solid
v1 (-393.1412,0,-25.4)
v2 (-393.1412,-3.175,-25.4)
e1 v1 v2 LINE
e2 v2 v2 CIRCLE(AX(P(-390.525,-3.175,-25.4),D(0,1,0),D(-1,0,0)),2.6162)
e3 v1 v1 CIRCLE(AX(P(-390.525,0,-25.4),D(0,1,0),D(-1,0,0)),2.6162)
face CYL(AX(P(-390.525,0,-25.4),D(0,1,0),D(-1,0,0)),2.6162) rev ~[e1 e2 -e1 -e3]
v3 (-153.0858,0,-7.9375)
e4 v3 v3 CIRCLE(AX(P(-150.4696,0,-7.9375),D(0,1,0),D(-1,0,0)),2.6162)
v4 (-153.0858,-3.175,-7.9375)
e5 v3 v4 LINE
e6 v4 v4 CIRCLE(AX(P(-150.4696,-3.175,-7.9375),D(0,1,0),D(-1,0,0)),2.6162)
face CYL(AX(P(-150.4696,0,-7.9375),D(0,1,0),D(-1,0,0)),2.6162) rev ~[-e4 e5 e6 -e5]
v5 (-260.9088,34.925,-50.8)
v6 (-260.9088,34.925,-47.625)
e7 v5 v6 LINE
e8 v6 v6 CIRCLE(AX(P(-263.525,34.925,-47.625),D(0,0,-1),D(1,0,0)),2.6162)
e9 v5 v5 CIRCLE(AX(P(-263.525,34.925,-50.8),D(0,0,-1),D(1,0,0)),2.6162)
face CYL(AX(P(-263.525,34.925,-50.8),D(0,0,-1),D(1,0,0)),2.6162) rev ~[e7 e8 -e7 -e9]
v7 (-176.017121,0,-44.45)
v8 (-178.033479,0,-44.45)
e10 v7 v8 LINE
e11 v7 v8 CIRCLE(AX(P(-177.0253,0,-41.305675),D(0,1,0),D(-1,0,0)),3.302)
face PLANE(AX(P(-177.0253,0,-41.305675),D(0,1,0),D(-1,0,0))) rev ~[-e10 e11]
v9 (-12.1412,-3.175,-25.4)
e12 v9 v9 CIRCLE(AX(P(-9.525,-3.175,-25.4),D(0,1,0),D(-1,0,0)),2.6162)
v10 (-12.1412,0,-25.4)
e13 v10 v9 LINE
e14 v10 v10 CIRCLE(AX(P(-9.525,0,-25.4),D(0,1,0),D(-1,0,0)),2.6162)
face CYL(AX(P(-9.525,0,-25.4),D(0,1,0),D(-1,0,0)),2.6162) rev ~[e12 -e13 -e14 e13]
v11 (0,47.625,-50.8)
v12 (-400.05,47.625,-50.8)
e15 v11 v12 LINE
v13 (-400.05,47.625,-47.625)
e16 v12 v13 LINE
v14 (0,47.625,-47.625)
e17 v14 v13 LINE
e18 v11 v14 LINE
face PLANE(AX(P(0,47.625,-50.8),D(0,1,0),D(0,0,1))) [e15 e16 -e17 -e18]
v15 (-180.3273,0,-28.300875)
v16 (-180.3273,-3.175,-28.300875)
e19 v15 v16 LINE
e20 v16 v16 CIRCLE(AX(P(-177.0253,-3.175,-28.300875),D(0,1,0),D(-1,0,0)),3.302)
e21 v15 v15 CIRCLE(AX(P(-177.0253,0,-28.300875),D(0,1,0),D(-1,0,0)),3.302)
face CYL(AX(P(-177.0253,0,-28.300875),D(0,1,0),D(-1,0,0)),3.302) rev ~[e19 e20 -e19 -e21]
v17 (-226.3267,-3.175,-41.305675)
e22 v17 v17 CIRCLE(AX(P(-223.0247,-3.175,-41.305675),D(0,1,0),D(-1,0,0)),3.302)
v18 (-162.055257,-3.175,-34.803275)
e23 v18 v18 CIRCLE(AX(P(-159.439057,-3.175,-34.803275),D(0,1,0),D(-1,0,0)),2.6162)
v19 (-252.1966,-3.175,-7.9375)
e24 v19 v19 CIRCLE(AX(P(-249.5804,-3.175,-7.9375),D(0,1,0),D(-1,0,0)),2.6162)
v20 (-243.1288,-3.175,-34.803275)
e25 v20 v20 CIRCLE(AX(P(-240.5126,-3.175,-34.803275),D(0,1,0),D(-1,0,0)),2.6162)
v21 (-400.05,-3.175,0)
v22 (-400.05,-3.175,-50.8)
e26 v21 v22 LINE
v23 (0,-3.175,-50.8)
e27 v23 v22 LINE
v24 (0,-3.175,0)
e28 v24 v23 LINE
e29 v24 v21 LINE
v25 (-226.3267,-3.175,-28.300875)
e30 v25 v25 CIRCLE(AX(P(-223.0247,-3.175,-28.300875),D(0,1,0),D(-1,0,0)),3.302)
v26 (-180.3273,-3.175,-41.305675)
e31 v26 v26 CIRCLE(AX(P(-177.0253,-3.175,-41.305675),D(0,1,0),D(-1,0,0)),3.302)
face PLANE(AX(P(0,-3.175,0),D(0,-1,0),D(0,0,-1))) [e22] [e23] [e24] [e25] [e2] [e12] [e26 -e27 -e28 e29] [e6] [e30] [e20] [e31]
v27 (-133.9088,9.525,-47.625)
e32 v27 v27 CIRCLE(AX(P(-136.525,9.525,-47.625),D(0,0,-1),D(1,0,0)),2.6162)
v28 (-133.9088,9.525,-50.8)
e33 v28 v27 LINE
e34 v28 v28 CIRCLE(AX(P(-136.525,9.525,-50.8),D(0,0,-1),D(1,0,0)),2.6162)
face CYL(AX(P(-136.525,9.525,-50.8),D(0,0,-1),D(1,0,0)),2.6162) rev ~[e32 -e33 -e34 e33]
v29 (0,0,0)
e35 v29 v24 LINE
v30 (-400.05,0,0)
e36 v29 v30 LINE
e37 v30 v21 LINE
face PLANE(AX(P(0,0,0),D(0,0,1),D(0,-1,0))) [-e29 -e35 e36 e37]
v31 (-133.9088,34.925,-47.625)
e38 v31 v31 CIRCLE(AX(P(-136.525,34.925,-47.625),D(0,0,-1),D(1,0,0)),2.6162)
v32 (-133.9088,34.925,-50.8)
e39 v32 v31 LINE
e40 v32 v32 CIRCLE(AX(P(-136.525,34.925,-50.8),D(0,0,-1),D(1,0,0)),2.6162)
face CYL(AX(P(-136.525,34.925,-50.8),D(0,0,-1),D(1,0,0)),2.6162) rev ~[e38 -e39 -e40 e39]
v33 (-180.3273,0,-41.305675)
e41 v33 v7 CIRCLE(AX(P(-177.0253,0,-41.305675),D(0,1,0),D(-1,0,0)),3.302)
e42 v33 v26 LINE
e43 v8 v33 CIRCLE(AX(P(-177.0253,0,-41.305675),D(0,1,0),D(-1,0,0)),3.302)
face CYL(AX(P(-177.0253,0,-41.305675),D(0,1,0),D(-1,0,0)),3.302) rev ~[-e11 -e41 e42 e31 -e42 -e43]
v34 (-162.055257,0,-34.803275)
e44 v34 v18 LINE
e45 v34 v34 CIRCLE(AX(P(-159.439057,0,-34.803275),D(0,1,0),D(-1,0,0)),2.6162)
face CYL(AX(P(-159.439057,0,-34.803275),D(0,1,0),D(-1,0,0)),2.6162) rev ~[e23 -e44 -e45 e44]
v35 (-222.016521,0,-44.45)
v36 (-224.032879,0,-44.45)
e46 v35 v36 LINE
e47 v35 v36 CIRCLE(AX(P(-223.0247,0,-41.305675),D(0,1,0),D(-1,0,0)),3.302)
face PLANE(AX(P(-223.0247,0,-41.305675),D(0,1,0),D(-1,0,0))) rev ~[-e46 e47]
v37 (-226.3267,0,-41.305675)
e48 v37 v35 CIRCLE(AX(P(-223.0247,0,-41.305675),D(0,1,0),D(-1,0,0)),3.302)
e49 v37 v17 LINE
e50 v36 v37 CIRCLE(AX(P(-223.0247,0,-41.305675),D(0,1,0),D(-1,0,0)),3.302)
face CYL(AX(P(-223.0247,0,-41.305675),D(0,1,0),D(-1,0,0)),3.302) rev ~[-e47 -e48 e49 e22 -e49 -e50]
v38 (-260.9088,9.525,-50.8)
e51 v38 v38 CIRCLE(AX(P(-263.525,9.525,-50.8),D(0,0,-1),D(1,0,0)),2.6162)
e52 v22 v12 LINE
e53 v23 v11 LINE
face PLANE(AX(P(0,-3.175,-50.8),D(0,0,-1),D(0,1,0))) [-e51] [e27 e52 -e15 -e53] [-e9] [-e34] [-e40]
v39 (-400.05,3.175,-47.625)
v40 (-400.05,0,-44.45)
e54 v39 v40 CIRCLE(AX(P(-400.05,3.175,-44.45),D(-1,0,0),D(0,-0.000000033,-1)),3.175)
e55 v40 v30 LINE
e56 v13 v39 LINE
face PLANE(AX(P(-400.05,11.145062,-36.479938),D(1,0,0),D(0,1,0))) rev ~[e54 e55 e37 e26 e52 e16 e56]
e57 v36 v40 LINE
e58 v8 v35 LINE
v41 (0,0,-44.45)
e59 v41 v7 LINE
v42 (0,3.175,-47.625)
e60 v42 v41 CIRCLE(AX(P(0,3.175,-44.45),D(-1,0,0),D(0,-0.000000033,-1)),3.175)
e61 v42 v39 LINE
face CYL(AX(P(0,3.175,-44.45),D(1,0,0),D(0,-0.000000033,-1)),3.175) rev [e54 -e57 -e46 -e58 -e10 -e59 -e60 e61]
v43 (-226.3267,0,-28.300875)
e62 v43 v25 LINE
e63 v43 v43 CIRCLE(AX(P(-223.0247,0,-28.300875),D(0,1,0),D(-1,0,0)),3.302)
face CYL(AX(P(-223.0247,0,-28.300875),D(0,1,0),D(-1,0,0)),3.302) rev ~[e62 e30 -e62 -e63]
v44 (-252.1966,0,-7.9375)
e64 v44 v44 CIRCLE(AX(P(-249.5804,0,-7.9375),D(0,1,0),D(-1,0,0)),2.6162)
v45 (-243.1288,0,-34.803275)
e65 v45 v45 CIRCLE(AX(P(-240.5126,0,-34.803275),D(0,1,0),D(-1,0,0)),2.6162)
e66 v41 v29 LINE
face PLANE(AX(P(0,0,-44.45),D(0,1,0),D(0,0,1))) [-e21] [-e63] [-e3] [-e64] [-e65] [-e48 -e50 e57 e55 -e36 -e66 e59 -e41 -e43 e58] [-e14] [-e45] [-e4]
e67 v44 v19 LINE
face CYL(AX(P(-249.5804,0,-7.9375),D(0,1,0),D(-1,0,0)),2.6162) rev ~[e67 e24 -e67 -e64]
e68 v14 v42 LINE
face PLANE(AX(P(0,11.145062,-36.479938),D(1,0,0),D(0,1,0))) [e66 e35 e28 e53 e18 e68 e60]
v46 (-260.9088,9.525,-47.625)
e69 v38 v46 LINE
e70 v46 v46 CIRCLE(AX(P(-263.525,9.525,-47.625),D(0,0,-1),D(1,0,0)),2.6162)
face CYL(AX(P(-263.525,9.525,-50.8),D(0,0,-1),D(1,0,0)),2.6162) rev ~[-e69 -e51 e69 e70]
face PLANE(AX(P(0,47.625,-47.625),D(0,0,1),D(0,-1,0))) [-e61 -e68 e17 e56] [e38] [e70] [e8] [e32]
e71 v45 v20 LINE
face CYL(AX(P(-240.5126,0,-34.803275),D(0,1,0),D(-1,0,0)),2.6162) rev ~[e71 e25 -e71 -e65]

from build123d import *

# Parameters (mm, degrees)
F1_DEPTH = 400.05
F2_R     = 2.6162
F2_R_2   = 3.302
F3_DEPTH = 3.176
F4_R     = 2.6162
F5_DEPTH = 50.801


with BuildPart() as f1:
    # F0 (on Right) → F1 (new body)
    with BuildSketch(Plane.YZ):
        with BuildLine():
            Line((0, -44.45), (0, 0))
            Line((0, 0), (-3.175, 0))
            Line((-3.175, 0), (-3.175, -50.8))
            Line((-3.175, -50.8), (47.625, -50.8))
            Line((47.625, -50.8), (47.625, -47.625))
            Line((47.625, -47.625), (3.175, -47.625))
            ThreePointArc((3.175, -47.625), (0.929936, -46.695064), (0, -44.45))
        make_face()
    extrude(amount=-F1_DEPTH)

    # F2 (on face) → F3 (cut, through all)
    with BuildSketch(Plane(origin=(0, 0, 0), x_dir=(-1, 0, 0), z_dir=(0, 1, 0))):
        with Locations((9.525, -25.4)):
            Circle(F2_R)
        with Locations((390.525, -25.4)):
            Circle(F2_R)
        with Locations((177.0253, -41.305675)):
            Circle(F2_R_2)
        with Locations((223.0247, -41.305675)):
            Circle(F2_R_2)
        with Locations((177.0253, -28.300875)):
            Circle(F2_R_2)
        with Locations((223.0247, -28.300875)):
            Circle(F2_R_2)
        with Locations((159.439057, -34.803275)):
            Circle(F2_R)
        with Locations((240.5126, -34.803275)):
            Circle(F2_R)
        with Locations((249.5804, -7.9375)):
            Circle(F2_R)
        with Locations((150.4696, -7.9375)):
            Circle(F2_R)
    extrude(amount=-F3_DEPTH, mode=Mode.SUBTRACT)

    # F4 (on face) → F5 (cut, through all)
    with BuildSketch(Plane(origin=(0, 0, -50.8), x_dir=(1, 0, 0), z_dir=(0, 0, -1))):
        with Locations((-136.525, -9.525)):
            Circle(F4_R)
        with Locations((-136.525, -34.925)):
            Circle(F4_R)
        with Locations((-263.525, -9.525)):
            Circle(F4_R)
        with Locations((-263.525, -34.925)):
            Circle(F4_R)
    extrude(amount=-F5_DEPTH, mode=Mode.SUBTRACT)


solid = f1.part
